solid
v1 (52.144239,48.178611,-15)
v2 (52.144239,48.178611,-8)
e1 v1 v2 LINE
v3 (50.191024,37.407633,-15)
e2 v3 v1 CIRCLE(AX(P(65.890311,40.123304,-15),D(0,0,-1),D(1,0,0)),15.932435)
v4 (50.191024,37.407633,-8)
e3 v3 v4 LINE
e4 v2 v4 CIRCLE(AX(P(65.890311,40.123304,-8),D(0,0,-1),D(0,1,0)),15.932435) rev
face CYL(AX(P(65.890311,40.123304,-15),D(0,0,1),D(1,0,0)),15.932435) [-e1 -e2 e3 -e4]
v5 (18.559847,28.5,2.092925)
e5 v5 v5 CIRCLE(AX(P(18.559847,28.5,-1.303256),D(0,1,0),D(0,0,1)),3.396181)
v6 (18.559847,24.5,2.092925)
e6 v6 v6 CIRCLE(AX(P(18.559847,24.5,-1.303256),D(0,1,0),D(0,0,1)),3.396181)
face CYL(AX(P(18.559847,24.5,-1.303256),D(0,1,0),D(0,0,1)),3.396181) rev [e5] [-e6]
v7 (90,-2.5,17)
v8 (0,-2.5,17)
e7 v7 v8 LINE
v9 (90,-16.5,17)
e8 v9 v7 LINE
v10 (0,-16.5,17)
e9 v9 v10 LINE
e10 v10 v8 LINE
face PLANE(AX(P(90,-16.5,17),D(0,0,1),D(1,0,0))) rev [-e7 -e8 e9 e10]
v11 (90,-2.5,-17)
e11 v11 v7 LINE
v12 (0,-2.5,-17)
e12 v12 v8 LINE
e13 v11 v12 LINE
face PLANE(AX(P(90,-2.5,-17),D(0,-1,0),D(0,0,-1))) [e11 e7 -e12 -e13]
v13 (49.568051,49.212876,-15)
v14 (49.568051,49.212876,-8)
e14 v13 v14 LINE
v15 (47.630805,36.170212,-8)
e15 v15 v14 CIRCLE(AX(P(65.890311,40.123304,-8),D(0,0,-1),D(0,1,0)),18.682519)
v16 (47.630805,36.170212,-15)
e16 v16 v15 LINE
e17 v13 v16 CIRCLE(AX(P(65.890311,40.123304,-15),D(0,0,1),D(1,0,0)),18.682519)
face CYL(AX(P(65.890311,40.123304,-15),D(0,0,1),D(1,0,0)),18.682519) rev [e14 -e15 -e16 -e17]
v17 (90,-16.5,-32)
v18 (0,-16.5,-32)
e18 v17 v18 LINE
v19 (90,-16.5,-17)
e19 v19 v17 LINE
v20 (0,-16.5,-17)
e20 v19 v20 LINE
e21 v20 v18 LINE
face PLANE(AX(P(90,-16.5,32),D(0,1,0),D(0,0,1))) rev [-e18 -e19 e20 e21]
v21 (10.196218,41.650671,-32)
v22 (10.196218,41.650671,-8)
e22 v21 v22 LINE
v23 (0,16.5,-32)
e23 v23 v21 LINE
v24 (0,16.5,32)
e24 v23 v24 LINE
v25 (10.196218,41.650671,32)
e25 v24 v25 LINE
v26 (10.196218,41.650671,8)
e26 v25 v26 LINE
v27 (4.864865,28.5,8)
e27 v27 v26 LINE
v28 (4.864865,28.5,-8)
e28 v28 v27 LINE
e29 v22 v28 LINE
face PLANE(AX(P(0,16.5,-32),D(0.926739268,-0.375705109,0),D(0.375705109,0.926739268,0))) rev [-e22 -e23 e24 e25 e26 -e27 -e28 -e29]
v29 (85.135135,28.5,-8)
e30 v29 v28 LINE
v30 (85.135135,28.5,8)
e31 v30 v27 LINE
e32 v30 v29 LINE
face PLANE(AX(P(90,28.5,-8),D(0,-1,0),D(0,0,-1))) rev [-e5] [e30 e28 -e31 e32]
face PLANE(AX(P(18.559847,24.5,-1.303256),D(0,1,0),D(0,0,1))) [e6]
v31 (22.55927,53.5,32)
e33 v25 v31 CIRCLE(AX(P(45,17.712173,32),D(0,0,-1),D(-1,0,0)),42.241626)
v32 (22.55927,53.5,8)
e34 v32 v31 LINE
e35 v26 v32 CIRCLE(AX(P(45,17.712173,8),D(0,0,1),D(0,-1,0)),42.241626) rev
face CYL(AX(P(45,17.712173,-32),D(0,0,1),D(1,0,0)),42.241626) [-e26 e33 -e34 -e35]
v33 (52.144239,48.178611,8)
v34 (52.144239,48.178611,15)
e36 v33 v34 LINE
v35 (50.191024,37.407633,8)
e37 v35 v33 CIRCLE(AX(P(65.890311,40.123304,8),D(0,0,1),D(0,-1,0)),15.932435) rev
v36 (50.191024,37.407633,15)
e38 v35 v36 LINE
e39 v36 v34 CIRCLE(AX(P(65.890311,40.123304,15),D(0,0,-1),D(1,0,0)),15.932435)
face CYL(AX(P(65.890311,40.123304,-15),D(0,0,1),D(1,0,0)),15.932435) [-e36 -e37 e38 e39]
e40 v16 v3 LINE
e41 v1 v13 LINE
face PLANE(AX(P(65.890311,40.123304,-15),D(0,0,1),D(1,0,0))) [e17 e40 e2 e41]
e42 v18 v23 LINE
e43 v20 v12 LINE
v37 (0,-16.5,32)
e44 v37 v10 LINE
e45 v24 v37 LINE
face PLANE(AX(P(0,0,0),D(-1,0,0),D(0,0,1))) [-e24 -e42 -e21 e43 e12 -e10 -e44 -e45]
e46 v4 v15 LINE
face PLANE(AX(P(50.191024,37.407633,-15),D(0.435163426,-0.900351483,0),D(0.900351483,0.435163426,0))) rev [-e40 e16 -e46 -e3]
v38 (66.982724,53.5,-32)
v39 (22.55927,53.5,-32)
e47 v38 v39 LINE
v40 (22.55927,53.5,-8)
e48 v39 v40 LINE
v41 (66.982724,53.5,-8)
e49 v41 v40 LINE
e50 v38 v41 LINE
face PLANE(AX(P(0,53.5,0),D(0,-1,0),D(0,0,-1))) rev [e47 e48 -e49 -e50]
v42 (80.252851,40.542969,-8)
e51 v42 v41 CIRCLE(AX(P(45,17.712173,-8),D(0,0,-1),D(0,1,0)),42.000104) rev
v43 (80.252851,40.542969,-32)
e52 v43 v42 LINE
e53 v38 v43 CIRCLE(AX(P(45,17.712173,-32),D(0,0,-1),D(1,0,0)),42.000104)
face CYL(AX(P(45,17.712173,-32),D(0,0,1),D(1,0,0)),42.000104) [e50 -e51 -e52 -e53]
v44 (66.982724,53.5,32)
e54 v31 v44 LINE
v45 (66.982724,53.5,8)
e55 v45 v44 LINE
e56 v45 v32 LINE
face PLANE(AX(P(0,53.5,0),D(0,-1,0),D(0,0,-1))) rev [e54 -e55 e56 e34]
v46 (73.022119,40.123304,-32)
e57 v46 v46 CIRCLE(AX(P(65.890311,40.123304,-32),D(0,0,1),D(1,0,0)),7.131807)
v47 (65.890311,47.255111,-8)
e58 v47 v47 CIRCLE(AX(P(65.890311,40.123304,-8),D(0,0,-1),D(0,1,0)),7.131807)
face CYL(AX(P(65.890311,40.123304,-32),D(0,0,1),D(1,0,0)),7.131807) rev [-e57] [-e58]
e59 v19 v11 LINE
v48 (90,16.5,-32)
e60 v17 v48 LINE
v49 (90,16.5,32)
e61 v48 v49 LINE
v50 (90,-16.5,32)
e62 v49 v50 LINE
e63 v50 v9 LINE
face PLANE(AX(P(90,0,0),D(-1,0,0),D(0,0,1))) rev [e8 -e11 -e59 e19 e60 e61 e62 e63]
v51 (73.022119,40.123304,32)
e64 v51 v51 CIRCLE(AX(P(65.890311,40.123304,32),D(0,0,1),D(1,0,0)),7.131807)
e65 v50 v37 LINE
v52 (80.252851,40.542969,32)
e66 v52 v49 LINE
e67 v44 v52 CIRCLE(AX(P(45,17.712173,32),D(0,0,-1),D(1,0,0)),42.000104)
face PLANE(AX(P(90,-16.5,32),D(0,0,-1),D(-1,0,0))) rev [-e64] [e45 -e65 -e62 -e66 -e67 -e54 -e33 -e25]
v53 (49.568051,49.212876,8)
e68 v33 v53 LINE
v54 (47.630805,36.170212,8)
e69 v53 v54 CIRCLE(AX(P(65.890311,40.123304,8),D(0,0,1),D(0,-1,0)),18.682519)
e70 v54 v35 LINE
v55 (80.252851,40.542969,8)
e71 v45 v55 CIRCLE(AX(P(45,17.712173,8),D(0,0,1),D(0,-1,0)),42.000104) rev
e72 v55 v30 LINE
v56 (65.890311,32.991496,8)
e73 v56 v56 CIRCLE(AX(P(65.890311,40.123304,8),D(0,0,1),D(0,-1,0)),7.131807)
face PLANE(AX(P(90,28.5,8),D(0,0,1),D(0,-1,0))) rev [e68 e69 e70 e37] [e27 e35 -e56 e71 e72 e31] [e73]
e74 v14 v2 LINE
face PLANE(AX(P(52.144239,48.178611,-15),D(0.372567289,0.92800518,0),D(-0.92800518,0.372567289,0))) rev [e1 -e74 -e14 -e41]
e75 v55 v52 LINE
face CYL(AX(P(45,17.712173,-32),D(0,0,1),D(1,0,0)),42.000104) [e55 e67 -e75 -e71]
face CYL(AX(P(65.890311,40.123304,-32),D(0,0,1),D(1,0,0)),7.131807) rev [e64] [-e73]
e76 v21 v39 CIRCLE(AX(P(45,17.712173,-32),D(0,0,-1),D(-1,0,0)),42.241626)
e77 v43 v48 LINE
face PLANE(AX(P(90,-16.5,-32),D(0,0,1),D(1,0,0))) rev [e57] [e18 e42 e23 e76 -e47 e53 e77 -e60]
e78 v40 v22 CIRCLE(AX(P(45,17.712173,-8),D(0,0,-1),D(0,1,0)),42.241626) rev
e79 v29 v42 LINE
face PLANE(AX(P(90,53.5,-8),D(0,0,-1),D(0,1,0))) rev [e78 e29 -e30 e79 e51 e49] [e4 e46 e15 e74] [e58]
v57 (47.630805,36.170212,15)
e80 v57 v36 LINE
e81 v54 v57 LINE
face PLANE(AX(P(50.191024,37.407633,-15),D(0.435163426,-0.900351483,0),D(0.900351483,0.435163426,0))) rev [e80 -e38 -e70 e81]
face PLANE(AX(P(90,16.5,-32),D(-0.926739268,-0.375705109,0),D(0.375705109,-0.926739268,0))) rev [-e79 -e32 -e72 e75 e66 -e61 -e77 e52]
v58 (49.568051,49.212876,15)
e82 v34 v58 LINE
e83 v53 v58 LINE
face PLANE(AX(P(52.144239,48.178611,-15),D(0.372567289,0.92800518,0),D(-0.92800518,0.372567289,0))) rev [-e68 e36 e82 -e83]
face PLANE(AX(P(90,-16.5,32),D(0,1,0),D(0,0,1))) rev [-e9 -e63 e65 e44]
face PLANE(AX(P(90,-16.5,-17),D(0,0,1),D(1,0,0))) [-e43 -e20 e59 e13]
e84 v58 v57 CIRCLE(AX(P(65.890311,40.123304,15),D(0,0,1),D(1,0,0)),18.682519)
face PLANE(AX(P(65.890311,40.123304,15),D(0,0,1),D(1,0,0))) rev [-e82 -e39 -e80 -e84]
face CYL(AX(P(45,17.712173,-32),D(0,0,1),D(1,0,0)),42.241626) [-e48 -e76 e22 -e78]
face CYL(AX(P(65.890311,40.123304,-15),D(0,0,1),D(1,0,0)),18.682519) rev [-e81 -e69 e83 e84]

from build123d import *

# Parameters (mm, degrees)
SKETCH1_W           = 64
SKETCH1_H           = 33
BOSS_EXTRUDE2_DEPTH = 90
SKETCH5_W           = 34
SKETCH5_H           = 14
CUT_EXTRUDE1_DEPTH  = 91
SKETCH7_W           = 90
SKETCH7_H           = 64
BOSS_EXTRUDE3_DEPTH = 37
SKETCH9_W           = 16
SKETCH9_H           = 25
CUT_EXTRUDE2_DEPTH  = 91
CUT_EXTRUDE3_DEPTH  = 65
CUT_EXTRUDE4_DEPTH  = 65
SKETCH12_R          = 4.563258517
CUT_EXTRUDE5_DEPTH  = 65
SKETCH13_R          = 3.396180785
CUT_EXTRUDE7_DEPTH  = 4
SKETCH14_R          = 7.131807436
CUT_EXTRUDE8_DEPTH  = 65
CUT_EXTRUDE9_START  = -17
CUT_EXTRUDE9_DEPTH  = 30


with BuildPart() as part:
    # Sketch1 → Boss-Extrude2 (new body)
    with BuildSketch(Plane(origin=(0, 0, 0), x_dir=(0, 0, -1), z_dir=(1, 0, 0))):
        Rectangle(SKETCH1_W, SKETCH1_H)
    extrude(amount=BOSS_EXTRUDE2_DEPTH)

    # Sketch5 → Cut-Extrude1 (cut, through all)
    with BuildSketch(Plane.ZY):
        with Locations((0, -9.5)):
            Rectangle(SKETCH5_W, SKETCH5_H)
    extrude(amount=-CUT_EXTRUDE1_DEPTH, mode=Mode.SUBTRACT)

    # Sketch7 → Boss-Extrude3 (add)
    with BuildSketch(Plane(origin=(0, 16.5, 0), x_dir=(1, 0, 0), z_dir=(0, 1, 0))):
        with Locations((45, 0)):
            Rectangle(SKETCH7_W, SKETCH7_H)
    extrude(amount=BOSS_EXTRUDE3_DEPTH)

    # Sketch9 → Cut-Extrude2 (cut, through all)
    with BuildSketch(Plane.ZY):
        with Locations((0, 41)):
            Rectangle(SKETCH9_W, SKETCH9_H)
    extrude(amount=-CUT_EXTRUDE2_DEPTH, mode=Mode.SUBTRACT)

    # Sketch10 → Cut-Extrude3 (cut, through all)
    with BuildSketch(Plane.XY.offset(32)):
        Polygon((0, 16.5), (15, 53.5), (0, 53.5), align=None)
        Polygon((90, 53.5), (90, 16.5), (75, 53.5), align=None)
    extrude(amount=-CUT_EXTRUDE3_DEPTH, mode=Mode.SUBTRACT)

    # Sketch11 → Cut-Extrude4 (cut, through all)
    with BuildSketch(Plane.XY.offset(32)):
        with BuildLine():
            Line((22.559269827, 53.5), (15, 53.5))
            Line((15, 53.5), (10.196218084, 41.650671273))
            ThreePointArc((10.196218084, 41.650671273), (15.770987206, 48.208398087), (22.559269827, 53.5))
        make_face()
        with BuildLine():
            Line((80.252850536, 40.542968678), (75, 53.5))
            Line((75, 53.5), (66.982723611, 53.5))
            ThreePointArc((66.982723611, 53.5), (74.341930784, 47.763126364), (80.252850536, 40.542968678))
        make_face()
    extrude(amount=-CUT_EXTRUDE4_DEPTH, mode=Mode.SUBTRACT)

    # Sketch12 → Cut-Extrude5 (cut, through all)
    with BuildSketch(Plane(origin=(0, 0, -32), x_dir=(-1, 0, 0), z_dir=(0, 0, -1))):
        with Locations((-65.890311292, 40.12330388)):
            Circle(SKETCH12_R)
    extrude(amount=-CUT_EXTRUDE5_DEPTH, mode=Mode.SUBTRACT)

    # Sketch13 → Cut-Extrude7 (cut)
    with BuildSketch(Plane(origin=(0, 28.5, 0), x_dir=(1, 0, 0), z_dir=(0, 1, 0))):
        with Locations((18.559847102, 1.303256126)):
            Circle(SKETCH13_R)
    extrude(amount=-CUT_EXTRUDE7_DEPTH, mode=Mode.SUBTRACT)

    # Sketch14 → Cut-Extrude8 (cut, through all)
    with BuildSketch(Plane.XY.offset(32)):
        with Locations((65.890311292, 40.12330388)):
            Circle(SKETCH14_R)
    extrude(amount=-CUT_EXTRUDE8_DEPTH, mode=Mode.SUBTRACT)

    # Sketch15 → Cut-Extrude9 (cut)
    with BuildSketch(Plane.XY.offset(32).offset(CUT_EXTRUDE9_START)):
        with BuildLine():
            Line((52.144239181, 48.178611287), (49.568050992, 49.212876474))
            ThreePointArc((49.568050992, 49.212876474), (47.410527131, 42.86813331), (47.630804887, 36.170211787))
            Line((47.630804887, 36.170211787), (50.191024462, 37.407632885))
            ThreePointArc((50.191024462, 37.407632885), (50.21355191, 42.966135424), (52.144239181, 48.178611287))
        make_face()
    extrude(amount=-CUT_EXTRUDE9_DEPTH, mode=Mode.SUBTRACT)


solid = part.part
